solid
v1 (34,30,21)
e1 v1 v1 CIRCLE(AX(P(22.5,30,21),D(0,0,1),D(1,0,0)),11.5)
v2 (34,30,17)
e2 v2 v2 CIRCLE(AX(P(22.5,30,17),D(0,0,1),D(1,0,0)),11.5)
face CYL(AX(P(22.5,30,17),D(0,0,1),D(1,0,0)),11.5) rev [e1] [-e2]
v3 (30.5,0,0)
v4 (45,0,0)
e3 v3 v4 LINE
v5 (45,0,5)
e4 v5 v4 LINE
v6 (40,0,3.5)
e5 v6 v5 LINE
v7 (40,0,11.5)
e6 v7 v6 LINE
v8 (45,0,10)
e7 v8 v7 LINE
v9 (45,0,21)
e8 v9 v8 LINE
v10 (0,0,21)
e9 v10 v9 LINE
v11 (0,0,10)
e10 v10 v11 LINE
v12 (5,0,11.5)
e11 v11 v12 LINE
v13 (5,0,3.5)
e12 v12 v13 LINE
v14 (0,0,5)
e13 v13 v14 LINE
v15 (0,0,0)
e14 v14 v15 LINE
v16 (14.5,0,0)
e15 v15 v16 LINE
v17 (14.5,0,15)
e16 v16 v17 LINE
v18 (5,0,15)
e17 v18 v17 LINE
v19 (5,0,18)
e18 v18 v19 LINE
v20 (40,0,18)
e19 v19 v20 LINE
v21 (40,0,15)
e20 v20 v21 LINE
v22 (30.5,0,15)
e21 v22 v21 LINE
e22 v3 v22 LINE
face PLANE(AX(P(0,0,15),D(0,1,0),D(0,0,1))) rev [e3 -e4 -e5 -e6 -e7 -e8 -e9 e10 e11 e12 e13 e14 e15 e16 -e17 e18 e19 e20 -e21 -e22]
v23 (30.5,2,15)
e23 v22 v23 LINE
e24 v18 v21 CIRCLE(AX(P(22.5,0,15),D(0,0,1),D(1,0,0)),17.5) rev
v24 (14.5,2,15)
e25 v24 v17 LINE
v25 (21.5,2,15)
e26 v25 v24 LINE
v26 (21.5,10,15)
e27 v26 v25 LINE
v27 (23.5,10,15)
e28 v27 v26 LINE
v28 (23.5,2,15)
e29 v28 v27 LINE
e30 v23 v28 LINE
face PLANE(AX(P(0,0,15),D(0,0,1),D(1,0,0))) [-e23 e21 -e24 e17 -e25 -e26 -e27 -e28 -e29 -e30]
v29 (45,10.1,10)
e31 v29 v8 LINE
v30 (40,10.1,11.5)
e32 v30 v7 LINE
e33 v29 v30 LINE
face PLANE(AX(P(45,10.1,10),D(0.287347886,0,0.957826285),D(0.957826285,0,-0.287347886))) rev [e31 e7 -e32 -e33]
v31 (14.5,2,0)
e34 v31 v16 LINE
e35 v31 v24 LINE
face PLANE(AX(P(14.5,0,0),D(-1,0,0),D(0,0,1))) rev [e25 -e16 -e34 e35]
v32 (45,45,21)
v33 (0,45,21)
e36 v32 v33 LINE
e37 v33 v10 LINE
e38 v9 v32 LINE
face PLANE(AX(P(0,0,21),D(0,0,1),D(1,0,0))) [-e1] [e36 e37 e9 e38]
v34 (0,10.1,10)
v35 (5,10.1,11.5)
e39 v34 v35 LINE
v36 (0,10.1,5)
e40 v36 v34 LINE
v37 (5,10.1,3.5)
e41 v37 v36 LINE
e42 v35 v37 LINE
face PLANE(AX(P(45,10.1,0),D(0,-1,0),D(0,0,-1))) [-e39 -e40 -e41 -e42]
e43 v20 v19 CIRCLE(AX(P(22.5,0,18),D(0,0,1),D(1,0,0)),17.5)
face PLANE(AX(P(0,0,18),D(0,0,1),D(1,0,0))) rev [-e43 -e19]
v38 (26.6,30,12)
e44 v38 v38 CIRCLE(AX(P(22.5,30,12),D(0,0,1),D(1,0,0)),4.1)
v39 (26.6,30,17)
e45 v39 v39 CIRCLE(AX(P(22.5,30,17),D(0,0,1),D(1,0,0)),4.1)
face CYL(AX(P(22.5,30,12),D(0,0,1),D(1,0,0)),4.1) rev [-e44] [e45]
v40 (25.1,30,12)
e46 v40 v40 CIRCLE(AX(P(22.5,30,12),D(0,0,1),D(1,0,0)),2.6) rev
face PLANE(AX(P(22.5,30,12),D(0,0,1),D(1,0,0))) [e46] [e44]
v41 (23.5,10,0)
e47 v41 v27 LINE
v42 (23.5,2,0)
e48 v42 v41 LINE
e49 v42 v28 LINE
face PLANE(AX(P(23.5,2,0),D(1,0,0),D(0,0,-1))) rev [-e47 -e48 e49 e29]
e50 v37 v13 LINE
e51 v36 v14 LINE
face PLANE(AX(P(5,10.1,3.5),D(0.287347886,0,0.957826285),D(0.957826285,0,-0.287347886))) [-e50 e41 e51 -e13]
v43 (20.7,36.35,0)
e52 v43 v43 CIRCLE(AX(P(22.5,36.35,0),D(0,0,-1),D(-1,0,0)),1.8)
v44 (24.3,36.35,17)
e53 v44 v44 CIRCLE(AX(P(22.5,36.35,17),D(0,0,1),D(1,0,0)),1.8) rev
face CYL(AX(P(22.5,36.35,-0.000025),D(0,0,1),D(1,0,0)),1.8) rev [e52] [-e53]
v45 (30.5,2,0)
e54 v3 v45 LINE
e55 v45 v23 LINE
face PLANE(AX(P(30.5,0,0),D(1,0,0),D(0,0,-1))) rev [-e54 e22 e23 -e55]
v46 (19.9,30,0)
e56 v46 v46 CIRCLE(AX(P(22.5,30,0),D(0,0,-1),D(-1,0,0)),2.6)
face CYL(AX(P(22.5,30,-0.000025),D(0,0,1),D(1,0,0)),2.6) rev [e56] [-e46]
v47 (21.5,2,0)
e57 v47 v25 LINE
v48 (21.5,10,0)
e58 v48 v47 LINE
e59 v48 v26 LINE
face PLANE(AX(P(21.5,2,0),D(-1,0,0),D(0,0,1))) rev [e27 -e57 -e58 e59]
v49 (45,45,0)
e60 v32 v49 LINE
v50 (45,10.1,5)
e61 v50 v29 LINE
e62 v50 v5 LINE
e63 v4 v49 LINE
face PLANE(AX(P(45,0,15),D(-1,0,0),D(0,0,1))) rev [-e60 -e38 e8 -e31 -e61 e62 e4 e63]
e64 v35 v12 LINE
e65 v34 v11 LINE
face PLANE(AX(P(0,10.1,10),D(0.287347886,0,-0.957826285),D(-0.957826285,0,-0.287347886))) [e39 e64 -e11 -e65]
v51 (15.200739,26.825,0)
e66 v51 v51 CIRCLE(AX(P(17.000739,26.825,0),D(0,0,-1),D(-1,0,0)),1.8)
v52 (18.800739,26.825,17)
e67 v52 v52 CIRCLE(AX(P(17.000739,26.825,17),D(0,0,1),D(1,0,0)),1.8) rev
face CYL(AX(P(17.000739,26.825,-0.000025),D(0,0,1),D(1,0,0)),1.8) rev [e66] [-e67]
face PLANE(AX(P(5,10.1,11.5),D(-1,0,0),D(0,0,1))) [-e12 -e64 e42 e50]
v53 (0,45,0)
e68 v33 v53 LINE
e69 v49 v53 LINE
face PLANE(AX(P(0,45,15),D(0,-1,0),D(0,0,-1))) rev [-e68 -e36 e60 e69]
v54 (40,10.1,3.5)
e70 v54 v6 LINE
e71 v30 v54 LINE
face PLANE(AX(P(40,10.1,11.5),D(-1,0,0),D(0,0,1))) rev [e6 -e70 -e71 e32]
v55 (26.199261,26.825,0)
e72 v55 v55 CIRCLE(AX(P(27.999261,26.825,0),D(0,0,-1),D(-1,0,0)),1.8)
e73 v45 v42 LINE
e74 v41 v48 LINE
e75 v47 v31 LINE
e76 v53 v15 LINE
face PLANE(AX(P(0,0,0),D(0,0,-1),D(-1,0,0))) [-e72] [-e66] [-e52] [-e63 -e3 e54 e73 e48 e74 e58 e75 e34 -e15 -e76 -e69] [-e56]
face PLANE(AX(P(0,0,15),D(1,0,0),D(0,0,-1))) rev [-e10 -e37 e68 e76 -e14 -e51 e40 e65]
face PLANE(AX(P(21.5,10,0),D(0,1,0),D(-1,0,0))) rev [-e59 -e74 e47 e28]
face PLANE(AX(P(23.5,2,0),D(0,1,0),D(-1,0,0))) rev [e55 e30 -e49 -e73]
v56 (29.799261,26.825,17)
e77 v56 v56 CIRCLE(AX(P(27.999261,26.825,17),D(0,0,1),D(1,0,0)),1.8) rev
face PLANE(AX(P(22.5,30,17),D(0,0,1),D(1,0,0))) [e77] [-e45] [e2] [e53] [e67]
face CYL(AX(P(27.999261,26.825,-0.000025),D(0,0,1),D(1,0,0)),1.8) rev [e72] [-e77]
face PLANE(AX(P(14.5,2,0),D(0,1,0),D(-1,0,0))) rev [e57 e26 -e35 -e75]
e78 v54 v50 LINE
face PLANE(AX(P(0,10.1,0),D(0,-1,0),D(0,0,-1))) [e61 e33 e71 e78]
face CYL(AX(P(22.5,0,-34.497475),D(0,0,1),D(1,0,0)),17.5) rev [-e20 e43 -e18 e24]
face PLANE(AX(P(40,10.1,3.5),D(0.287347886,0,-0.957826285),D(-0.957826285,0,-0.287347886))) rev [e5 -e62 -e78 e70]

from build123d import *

# Parameters (mm, degrees)
SKETCH1_W           = 45
SKETCH1_H           = 45
BOSS_EXTRUDE1_DEPTH = 15
CUT_EXTRUDE1_DEPTH  = 66.383484153
CUT_EXTRUDE2_DEPTH  = 10.1
SKETCH4_W           = 45
SKETCH4_H           = 45
BOSS_EXTRUDE2_DEPTH = 3
SKETCH5_R           = 17.5
CUT_EXTRUDE3_DEPTH  = 3
SKETCH6_W           = 45
SKETCH6_H           = 45
BOSS_EXTRUDE3_DEPTH = 3
SKETCH7_R           = 2.6
CUT_EXTRUDE4_DEPTH  = 68.014923711
SKETCH8_R           = 1.8
CUT_EXTRUDE5_DEPTH  = 68.014923711
SKETCH9_R           = 11.5
CUT_EXTRUDE6_DEPTH  = 4
SKETCH10_R          = 4.1
CUT_EXTRUDE7_DEPTH  = 5


with BuildPart() as part:
    # Sketch1 → Boss-Extrude1 (new body)
    with BuildSketch(Plane.XY):
        with Locations((22.5, 22.5)):
            Rectangle(SKETCH1_W, SKETCH1_H)
    extrude(amount=BOSS_EXTRUDE1_DEPTH)

    # Sketch2 → Cut-Extrude1 (cut, through all)
    with BuildSketch(Plane.XY.offset(15)):
        Polygon((14.5, 0), (30.5, 0), (30.5, 2), (23.5, 2), (23.5, 10), (21.5, 10), (21.5, 2), (14.5, 2), align=None)
    extrude(amount=-CUT_EXTRUDE1_DEPTH, mode=Mode.SUBTRACT)

    # Sketch3 → Cut-Extrude2 (cut)
    with BuildSketch(Plane.XZ):
        Polygon((45, 10), (40, 11.5), (40, 3.5), (45, 5), align=None)
    cut_extrude2 = extrude(amount=-CUT_EXTRUDE2_DEPTH, mode=Mode.SUBTRACT)

    # Mirror1: Cut-Extrude2 across plane
    add(cut_extrude2.mirror(Plane(origin=(22.5, 0, 0), x_dir=(0, 0, 1), z_dir=(1, 0, 0))), mode=Mode.SUBTRACT)

    # Sketch4 → Boss-Extrude2 (add)
    with BuildSketch(Plane.XY.offset(15)):
        with Locations((22.5, 22.5)):
            Rectangle(SKETCH4_W, SKETCH4_H)
    extrude(amount=BOSS_EXTRUDE2_DEPTH)

    # Sketch5 → Cut-Extrude3 (cut)
    with BuildSketch(Plane.XY.offset(18)):
        with Locations((22.5, 0)):
            Circle(SKETCH5_R)
    extrude(amount=-CUT_EXTRUDE3_DEPTH, mode=Mode.SUBTRACT)

    # Sketch6 → Boss-Extrude3 (add)
    with BuildSketch(Plane.XY.offset(18)):
        with Locations((22.5, 22.5)):
            Rectangle(SKETCH6_W, SKETCH6_H)
    extrude(amount=BOSS_EXTRUDE3_DEPTH)

    # Sketch7 → Cut-Extrude4 (cut, through all)
    with BuildSketch(Plane.XY.offset(21)):
        with Locations((22.5, 30)):
            Circle(SKETCH7_R)
    extrude(amount=-CUT_EXTRUDE4_DEPTH, mode=Mode.SUBTRACT)

    # Sketch8 → Cut-Extrude5 (cut, through all)
    with BuildSketch(Plane.XY.offset(21)):
        with Locations((22.5, 36.35)):
            Circle(SKETCH8_R)
        with Locations((27.999261314, 26.825)):
            Circle(SKETCH8_R)
        with Locations((17.000738686, 26.825)):
            Circle(SKETCH8_R)
    extrude(amount=-CUT_EXTRUDE5_DEPTH, mode=Mode.SUBTRACT)

    # Sketch9 → Cut-Extrude6 (cut)
    with BuildSketch(Plane.XY.offset(21)):
        with Locations((22.5, 30)):
            Circle(SKETCH9_R)
    extrude(amount=-CUT_EXTRUDE6_DEPTH, mode=Mode.SUBTRACT)

    # Sketch10 → Cut-Extrude7 (cut)
    with BuildSketch(Plane.XY.offset(17)):
        with Locations((22.5, 30)):
            Circle(SKETCH10_R)
    extrude(amount=-CUT_EXTRUDE7_DEPTH, mode=Mode.SUBTRACT)


solid = part.part
